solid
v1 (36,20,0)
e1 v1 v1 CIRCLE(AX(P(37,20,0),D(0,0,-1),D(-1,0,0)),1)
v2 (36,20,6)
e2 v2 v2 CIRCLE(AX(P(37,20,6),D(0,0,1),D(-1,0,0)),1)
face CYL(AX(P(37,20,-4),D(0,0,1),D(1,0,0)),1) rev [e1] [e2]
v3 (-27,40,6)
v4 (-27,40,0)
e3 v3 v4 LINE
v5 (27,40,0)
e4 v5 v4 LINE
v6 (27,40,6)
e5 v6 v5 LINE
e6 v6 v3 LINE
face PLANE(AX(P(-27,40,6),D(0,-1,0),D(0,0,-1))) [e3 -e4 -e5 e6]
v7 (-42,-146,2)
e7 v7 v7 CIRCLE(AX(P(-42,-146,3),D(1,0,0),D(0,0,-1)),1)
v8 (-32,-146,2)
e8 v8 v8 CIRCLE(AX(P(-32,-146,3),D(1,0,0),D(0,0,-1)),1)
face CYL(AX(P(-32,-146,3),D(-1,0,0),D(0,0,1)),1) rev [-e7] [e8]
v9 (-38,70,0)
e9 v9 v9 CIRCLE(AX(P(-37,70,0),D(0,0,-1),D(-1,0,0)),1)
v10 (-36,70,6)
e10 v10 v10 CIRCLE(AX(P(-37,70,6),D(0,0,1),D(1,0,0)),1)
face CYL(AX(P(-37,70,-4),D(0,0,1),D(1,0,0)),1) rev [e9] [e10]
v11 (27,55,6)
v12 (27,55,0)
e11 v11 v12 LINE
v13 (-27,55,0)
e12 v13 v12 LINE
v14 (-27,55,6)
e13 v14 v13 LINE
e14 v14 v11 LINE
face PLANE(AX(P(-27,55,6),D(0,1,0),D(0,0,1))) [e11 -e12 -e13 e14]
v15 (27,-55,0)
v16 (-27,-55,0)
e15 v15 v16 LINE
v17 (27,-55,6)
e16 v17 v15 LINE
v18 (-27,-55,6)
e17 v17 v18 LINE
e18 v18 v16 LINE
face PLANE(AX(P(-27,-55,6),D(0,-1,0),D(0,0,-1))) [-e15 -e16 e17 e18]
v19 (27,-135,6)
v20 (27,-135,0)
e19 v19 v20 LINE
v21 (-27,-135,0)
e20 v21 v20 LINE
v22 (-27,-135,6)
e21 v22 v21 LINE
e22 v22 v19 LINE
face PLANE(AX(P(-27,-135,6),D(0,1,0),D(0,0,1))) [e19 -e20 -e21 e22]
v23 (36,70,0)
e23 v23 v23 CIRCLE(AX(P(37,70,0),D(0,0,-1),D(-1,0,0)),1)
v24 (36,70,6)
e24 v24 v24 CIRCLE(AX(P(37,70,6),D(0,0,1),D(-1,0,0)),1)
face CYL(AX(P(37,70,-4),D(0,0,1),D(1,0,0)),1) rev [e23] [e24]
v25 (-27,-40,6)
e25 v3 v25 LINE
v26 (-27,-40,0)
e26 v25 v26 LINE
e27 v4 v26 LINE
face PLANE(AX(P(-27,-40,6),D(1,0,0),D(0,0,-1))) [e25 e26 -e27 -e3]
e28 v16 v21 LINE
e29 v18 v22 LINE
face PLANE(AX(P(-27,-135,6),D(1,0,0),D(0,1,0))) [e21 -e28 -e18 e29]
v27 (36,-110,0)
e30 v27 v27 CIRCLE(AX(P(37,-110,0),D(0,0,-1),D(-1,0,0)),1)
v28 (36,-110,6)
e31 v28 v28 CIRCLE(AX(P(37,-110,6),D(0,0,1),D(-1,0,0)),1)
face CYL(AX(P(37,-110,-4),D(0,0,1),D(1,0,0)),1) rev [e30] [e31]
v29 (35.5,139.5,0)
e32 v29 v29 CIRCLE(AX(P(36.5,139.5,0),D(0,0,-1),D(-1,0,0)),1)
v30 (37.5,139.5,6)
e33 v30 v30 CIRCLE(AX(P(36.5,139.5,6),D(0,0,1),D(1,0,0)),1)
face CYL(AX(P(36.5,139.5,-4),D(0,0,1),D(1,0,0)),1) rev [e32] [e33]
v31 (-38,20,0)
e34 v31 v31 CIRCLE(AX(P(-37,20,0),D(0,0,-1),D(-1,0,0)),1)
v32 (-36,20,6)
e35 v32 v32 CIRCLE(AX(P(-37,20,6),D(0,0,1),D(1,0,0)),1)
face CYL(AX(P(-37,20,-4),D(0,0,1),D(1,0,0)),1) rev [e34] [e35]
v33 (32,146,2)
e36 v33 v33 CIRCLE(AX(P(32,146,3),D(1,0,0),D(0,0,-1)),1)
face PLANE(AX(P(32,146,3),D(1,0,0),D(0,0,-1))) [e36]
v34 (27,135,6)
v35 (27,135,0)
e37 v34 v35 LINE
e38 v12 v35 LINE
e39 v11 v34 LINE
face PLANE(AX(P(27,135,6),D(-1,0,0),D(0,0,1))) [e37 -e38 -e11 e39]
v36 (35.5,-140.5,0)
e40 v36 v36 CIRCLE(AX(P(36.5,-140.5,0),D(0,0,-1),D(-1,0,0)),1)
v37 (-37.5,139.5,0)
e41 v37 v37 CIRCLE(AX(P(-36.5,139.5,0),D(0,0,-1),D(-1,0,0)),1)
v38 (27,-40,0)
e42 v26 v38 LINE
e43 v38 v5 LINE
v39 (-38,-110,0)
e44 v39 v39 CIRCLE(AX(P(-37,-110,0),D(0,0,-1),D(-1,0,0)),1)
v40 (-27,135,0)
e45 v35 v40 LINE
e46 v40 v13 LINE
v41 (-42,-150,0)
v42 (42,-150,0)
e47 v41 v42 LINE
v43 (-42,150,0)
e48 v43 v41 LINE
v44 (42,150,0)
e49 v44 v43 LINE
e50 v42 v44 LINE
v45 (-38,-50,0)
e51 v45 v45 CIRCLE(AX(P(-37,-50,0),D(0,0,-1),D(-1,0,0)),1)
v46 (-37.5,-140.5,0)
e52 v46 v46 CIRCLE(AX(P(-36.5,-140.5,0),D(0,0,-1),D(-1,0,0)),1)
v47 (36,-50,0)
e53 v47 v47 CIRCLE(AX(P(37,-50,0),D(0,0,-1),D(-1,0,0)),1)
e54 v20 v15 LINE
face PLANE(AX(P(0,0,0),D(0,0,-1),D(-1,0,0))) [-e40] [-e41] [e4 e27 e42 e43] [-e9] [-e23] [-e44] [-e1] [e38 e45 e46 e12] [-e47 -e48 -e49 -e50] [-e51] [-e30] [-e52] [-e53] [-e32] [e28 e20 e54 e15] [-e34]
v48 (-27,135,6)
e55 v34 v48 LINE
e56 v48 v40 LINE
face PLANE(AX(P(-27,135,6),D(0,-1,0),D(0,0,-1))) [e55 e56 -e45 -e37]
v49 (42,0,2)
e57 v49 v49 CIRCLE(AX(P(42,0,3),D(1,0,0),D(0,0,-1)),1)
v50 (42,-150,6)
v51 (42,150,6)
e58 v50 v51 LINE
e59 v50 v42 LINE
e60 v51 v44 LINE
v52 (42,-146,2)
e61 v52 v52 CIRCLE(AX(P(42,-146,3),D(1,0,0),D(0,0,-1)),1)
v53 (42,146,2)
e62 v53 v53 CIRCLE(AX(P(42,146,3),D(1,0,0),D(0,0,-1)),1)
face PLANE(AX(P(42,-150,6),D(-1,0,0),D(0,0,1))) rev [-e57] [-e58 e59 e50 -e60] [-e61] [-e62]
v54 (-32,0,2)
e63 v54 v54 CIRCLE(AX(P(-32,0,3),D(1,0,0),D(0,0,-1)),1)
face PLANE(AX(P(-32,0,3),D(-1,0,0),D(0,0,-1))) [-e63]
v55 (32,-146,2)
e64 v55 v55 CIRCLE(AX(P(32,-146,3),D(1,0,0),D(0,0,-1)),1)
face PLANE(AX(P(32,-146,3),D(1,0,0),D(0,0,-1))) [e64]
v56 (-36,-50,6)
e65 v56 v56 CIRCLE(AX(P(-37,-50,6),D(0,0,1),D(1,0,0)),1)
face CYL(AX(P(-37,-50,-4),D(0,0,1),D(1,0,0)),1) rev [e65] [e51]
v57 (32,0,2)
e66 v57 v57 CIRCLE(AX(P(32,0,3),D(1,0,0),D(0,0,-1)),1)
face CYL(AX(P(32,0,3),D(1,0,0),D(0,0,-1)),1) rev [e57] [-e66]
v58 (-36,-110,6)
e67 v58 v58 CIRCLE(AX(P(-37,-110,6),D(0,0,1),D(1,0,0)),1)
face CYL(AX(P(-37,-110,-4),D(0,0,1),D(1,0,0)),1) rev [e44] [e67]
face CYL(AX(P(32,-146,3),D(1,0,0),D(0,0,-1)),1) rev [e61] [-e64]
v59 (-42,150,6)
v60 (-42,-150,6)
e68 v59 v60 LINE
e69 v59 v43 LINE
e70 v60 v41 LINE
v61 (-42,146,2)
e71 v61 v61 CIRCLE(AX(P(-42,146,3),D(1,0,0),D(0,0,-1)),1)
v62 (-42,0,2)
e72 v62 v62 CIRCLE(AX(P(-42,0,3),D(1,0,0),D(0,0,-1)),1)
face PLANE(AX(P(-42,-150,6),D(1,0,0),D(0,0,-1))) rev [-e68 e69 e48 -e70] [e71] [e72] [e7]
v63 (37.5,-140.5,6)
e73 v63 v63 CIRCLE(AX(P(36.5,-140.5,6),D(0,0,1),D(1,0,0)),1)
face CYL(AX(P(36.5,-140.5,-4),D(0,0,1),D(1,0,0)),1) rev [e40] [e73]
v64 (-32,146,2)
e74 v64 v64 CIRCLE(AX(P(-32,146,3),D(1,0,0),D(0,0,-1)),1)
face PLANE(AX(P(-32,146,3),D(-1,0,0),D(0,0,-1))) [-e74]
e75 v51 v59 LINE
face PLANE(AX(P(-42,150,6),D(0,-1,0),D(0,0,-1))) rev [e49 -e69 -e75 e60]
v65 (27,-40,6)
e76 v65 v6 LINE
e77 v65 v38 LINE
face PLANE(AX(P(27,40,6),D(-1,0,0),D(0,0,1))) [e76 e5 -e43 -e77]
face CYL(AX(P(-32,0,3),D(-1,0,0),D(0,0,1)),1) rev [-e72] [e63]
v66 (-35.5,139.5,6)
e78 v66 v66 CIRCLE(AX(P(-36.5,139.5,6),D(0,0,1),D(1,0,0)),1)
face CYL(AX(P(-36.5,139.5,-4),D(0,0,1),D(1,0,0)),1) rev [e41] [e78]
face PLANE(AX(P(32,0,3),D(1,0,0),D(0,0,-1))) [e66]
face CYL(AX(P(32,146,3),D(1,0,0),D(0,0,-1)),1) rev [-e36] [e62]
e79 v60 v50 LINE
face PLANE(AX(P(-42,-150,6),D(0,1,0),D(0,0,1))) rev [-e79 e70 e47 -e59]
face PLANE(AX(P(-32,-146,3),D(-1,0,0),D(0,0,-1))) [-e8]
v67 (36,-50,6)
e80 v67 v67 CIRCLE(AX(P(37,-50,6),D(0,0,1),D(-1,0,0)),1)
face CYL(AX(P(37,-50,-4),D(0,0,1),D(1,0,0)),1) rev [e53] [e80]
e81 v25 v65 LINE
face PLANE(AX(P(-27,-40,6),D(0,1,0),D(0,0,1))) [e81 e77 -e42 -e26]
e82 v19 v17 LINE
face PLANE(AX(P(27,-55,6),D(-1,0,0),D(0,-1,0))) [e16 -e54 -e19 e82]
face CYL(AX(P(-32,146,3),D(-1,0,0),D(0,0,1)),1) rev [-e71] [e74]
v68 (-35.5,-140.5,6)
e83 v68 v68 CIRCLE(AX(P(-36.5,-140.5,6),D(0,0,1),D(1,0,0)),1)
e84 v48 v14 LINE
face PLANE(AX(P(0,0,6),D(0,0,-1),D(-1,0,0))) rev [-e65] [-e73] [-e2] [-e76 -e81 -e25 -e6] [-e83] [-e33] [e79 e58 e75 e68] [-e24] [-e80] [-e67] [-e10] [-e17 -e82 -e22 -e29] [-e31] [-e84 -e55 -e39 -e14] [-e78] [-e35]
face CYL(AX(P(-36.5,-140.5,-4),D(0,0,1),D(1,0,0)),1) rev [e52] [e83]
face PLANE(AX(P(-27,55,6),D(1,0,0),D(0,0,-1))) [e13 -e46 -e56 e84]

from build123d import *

# Parameters (mm, degrees)
SKETCH1_W           = 84
SKETCH1_H           = 300
SKETCH1_W_2         = 54
SKETCH1_H_2         = 80
BOSS_EXTRUDE1_DEPTH = 6
SKETCH2_R           = 1
CUT_EXTRUDE1_DEPTH  = 10
SKETCH4_R           = 1
CUT_EXTRUDE3_DEPTH  = 10
SKETCH5_R           = 1
CUT_EXTRUDE4_DEPTH  = 10


with BuildPart() as part:
    # Sketch1 → Boss-Extrude1 (new body)
    with BuildSketch(Plane.XY):
        Rectangle(SKETCH1_W, SKETCH1_H)
        with Locations((0, 95)):
            Rectangle(SKETCH1_W_2, SKETCH1_H_2, mode=Mode.SUBTRACT)
        with Locations((0, -95)):
            Rectangle(SKETCH1_W_2, SKETCH1_H_2, mode=Mode.SUBTRACT)
        Rectangle(SKETCH1_W_2, SKETCH1_H_2, mode=Mode.SUBTRACT)
    extrude(amount=BOSS_EXTRUDE1_DEPTH)

    # Sketch2 → Cut-Extrude1 (cut)
    with BuildSketch(Plane(origin=(42, 0, 0), x_dir=(0, 0, -1), z_dir=(1, 0, 0))):
        with Locations((-3, 146)):
            Circle(SKETCH2_R)
        with Locations((-3, 0)):
            Circle(SKETCH2_R)
        with Locations((-3, -146)):
            Circle(SKETCH2_R)
        with Locations((-3, -292)):
            Circle(SKETCH2_R)
    cut_extrude1 = extrude(amount=-CUT_EXTRUDE1_DEPTH, mode=Mode.SUBTRACT)

    # Mirror1: Cut-Extrude1 across plane
    add(cut_extrude1.mirror(Plane(origin=(0, 0, 0), x_dir=(0, 0, 1), z_dir=(1, 0, 0))), mode=Mode.SUBTRACT)

    # Sketch4 → Cut-Extrude3 (cut)
    with BuildSketch(Plane.XY.offset(6)):
        with Locations((-37, 70)):
            Circle(SKETCH4_R)
        with Locations((-37, 20)):
            Circle(SKETCH4_R)
        with Locations((-37, -50)):
            Circle(SKETCH4_R)
        with Locations((-37, -110)):
            Circle(SKETCH4_R)
        with Locations(Location((37, -110, 0), (0, 0, 180))):
            Circle(SKETCH4_R)
        with Locations(Location((37, -50, 0), (0, 0, 180))):
            Circle(SKETCH4_R)
        with Locations(Location((37, 20, 0), (0, 0, 180))):
            Circle(SKETCH4_R)
        with Locations(Location((37, 70, 0), (0, 0, 180))):
            Circle(SKETCH4_R)
    extrude(amount=-CUT_EXTRUDE3_DEPTH, mode=Mode.SUBTRACT)

    # Sketch5 → Cut-Extrude4 (cut)
    with BuildSketch(Plane.XY.offset(6)):
        with Locations((-36.5, -140.5)):
            Circle(SKETCH5_R)
        with Locations((36.5, -140.5)):
            Circle(SKETCH5_R)
        with Locations((-36.5, 139.5)):
            Circle(SKETCH5_R)
        with Locations((36.5, 139.5)):
            Circle(SKETCH5_R)
    extrude(amount=-CUT_EXTRUDE4_DEPTH, mode=Mode.SUBTRACT)


solid = part.part
